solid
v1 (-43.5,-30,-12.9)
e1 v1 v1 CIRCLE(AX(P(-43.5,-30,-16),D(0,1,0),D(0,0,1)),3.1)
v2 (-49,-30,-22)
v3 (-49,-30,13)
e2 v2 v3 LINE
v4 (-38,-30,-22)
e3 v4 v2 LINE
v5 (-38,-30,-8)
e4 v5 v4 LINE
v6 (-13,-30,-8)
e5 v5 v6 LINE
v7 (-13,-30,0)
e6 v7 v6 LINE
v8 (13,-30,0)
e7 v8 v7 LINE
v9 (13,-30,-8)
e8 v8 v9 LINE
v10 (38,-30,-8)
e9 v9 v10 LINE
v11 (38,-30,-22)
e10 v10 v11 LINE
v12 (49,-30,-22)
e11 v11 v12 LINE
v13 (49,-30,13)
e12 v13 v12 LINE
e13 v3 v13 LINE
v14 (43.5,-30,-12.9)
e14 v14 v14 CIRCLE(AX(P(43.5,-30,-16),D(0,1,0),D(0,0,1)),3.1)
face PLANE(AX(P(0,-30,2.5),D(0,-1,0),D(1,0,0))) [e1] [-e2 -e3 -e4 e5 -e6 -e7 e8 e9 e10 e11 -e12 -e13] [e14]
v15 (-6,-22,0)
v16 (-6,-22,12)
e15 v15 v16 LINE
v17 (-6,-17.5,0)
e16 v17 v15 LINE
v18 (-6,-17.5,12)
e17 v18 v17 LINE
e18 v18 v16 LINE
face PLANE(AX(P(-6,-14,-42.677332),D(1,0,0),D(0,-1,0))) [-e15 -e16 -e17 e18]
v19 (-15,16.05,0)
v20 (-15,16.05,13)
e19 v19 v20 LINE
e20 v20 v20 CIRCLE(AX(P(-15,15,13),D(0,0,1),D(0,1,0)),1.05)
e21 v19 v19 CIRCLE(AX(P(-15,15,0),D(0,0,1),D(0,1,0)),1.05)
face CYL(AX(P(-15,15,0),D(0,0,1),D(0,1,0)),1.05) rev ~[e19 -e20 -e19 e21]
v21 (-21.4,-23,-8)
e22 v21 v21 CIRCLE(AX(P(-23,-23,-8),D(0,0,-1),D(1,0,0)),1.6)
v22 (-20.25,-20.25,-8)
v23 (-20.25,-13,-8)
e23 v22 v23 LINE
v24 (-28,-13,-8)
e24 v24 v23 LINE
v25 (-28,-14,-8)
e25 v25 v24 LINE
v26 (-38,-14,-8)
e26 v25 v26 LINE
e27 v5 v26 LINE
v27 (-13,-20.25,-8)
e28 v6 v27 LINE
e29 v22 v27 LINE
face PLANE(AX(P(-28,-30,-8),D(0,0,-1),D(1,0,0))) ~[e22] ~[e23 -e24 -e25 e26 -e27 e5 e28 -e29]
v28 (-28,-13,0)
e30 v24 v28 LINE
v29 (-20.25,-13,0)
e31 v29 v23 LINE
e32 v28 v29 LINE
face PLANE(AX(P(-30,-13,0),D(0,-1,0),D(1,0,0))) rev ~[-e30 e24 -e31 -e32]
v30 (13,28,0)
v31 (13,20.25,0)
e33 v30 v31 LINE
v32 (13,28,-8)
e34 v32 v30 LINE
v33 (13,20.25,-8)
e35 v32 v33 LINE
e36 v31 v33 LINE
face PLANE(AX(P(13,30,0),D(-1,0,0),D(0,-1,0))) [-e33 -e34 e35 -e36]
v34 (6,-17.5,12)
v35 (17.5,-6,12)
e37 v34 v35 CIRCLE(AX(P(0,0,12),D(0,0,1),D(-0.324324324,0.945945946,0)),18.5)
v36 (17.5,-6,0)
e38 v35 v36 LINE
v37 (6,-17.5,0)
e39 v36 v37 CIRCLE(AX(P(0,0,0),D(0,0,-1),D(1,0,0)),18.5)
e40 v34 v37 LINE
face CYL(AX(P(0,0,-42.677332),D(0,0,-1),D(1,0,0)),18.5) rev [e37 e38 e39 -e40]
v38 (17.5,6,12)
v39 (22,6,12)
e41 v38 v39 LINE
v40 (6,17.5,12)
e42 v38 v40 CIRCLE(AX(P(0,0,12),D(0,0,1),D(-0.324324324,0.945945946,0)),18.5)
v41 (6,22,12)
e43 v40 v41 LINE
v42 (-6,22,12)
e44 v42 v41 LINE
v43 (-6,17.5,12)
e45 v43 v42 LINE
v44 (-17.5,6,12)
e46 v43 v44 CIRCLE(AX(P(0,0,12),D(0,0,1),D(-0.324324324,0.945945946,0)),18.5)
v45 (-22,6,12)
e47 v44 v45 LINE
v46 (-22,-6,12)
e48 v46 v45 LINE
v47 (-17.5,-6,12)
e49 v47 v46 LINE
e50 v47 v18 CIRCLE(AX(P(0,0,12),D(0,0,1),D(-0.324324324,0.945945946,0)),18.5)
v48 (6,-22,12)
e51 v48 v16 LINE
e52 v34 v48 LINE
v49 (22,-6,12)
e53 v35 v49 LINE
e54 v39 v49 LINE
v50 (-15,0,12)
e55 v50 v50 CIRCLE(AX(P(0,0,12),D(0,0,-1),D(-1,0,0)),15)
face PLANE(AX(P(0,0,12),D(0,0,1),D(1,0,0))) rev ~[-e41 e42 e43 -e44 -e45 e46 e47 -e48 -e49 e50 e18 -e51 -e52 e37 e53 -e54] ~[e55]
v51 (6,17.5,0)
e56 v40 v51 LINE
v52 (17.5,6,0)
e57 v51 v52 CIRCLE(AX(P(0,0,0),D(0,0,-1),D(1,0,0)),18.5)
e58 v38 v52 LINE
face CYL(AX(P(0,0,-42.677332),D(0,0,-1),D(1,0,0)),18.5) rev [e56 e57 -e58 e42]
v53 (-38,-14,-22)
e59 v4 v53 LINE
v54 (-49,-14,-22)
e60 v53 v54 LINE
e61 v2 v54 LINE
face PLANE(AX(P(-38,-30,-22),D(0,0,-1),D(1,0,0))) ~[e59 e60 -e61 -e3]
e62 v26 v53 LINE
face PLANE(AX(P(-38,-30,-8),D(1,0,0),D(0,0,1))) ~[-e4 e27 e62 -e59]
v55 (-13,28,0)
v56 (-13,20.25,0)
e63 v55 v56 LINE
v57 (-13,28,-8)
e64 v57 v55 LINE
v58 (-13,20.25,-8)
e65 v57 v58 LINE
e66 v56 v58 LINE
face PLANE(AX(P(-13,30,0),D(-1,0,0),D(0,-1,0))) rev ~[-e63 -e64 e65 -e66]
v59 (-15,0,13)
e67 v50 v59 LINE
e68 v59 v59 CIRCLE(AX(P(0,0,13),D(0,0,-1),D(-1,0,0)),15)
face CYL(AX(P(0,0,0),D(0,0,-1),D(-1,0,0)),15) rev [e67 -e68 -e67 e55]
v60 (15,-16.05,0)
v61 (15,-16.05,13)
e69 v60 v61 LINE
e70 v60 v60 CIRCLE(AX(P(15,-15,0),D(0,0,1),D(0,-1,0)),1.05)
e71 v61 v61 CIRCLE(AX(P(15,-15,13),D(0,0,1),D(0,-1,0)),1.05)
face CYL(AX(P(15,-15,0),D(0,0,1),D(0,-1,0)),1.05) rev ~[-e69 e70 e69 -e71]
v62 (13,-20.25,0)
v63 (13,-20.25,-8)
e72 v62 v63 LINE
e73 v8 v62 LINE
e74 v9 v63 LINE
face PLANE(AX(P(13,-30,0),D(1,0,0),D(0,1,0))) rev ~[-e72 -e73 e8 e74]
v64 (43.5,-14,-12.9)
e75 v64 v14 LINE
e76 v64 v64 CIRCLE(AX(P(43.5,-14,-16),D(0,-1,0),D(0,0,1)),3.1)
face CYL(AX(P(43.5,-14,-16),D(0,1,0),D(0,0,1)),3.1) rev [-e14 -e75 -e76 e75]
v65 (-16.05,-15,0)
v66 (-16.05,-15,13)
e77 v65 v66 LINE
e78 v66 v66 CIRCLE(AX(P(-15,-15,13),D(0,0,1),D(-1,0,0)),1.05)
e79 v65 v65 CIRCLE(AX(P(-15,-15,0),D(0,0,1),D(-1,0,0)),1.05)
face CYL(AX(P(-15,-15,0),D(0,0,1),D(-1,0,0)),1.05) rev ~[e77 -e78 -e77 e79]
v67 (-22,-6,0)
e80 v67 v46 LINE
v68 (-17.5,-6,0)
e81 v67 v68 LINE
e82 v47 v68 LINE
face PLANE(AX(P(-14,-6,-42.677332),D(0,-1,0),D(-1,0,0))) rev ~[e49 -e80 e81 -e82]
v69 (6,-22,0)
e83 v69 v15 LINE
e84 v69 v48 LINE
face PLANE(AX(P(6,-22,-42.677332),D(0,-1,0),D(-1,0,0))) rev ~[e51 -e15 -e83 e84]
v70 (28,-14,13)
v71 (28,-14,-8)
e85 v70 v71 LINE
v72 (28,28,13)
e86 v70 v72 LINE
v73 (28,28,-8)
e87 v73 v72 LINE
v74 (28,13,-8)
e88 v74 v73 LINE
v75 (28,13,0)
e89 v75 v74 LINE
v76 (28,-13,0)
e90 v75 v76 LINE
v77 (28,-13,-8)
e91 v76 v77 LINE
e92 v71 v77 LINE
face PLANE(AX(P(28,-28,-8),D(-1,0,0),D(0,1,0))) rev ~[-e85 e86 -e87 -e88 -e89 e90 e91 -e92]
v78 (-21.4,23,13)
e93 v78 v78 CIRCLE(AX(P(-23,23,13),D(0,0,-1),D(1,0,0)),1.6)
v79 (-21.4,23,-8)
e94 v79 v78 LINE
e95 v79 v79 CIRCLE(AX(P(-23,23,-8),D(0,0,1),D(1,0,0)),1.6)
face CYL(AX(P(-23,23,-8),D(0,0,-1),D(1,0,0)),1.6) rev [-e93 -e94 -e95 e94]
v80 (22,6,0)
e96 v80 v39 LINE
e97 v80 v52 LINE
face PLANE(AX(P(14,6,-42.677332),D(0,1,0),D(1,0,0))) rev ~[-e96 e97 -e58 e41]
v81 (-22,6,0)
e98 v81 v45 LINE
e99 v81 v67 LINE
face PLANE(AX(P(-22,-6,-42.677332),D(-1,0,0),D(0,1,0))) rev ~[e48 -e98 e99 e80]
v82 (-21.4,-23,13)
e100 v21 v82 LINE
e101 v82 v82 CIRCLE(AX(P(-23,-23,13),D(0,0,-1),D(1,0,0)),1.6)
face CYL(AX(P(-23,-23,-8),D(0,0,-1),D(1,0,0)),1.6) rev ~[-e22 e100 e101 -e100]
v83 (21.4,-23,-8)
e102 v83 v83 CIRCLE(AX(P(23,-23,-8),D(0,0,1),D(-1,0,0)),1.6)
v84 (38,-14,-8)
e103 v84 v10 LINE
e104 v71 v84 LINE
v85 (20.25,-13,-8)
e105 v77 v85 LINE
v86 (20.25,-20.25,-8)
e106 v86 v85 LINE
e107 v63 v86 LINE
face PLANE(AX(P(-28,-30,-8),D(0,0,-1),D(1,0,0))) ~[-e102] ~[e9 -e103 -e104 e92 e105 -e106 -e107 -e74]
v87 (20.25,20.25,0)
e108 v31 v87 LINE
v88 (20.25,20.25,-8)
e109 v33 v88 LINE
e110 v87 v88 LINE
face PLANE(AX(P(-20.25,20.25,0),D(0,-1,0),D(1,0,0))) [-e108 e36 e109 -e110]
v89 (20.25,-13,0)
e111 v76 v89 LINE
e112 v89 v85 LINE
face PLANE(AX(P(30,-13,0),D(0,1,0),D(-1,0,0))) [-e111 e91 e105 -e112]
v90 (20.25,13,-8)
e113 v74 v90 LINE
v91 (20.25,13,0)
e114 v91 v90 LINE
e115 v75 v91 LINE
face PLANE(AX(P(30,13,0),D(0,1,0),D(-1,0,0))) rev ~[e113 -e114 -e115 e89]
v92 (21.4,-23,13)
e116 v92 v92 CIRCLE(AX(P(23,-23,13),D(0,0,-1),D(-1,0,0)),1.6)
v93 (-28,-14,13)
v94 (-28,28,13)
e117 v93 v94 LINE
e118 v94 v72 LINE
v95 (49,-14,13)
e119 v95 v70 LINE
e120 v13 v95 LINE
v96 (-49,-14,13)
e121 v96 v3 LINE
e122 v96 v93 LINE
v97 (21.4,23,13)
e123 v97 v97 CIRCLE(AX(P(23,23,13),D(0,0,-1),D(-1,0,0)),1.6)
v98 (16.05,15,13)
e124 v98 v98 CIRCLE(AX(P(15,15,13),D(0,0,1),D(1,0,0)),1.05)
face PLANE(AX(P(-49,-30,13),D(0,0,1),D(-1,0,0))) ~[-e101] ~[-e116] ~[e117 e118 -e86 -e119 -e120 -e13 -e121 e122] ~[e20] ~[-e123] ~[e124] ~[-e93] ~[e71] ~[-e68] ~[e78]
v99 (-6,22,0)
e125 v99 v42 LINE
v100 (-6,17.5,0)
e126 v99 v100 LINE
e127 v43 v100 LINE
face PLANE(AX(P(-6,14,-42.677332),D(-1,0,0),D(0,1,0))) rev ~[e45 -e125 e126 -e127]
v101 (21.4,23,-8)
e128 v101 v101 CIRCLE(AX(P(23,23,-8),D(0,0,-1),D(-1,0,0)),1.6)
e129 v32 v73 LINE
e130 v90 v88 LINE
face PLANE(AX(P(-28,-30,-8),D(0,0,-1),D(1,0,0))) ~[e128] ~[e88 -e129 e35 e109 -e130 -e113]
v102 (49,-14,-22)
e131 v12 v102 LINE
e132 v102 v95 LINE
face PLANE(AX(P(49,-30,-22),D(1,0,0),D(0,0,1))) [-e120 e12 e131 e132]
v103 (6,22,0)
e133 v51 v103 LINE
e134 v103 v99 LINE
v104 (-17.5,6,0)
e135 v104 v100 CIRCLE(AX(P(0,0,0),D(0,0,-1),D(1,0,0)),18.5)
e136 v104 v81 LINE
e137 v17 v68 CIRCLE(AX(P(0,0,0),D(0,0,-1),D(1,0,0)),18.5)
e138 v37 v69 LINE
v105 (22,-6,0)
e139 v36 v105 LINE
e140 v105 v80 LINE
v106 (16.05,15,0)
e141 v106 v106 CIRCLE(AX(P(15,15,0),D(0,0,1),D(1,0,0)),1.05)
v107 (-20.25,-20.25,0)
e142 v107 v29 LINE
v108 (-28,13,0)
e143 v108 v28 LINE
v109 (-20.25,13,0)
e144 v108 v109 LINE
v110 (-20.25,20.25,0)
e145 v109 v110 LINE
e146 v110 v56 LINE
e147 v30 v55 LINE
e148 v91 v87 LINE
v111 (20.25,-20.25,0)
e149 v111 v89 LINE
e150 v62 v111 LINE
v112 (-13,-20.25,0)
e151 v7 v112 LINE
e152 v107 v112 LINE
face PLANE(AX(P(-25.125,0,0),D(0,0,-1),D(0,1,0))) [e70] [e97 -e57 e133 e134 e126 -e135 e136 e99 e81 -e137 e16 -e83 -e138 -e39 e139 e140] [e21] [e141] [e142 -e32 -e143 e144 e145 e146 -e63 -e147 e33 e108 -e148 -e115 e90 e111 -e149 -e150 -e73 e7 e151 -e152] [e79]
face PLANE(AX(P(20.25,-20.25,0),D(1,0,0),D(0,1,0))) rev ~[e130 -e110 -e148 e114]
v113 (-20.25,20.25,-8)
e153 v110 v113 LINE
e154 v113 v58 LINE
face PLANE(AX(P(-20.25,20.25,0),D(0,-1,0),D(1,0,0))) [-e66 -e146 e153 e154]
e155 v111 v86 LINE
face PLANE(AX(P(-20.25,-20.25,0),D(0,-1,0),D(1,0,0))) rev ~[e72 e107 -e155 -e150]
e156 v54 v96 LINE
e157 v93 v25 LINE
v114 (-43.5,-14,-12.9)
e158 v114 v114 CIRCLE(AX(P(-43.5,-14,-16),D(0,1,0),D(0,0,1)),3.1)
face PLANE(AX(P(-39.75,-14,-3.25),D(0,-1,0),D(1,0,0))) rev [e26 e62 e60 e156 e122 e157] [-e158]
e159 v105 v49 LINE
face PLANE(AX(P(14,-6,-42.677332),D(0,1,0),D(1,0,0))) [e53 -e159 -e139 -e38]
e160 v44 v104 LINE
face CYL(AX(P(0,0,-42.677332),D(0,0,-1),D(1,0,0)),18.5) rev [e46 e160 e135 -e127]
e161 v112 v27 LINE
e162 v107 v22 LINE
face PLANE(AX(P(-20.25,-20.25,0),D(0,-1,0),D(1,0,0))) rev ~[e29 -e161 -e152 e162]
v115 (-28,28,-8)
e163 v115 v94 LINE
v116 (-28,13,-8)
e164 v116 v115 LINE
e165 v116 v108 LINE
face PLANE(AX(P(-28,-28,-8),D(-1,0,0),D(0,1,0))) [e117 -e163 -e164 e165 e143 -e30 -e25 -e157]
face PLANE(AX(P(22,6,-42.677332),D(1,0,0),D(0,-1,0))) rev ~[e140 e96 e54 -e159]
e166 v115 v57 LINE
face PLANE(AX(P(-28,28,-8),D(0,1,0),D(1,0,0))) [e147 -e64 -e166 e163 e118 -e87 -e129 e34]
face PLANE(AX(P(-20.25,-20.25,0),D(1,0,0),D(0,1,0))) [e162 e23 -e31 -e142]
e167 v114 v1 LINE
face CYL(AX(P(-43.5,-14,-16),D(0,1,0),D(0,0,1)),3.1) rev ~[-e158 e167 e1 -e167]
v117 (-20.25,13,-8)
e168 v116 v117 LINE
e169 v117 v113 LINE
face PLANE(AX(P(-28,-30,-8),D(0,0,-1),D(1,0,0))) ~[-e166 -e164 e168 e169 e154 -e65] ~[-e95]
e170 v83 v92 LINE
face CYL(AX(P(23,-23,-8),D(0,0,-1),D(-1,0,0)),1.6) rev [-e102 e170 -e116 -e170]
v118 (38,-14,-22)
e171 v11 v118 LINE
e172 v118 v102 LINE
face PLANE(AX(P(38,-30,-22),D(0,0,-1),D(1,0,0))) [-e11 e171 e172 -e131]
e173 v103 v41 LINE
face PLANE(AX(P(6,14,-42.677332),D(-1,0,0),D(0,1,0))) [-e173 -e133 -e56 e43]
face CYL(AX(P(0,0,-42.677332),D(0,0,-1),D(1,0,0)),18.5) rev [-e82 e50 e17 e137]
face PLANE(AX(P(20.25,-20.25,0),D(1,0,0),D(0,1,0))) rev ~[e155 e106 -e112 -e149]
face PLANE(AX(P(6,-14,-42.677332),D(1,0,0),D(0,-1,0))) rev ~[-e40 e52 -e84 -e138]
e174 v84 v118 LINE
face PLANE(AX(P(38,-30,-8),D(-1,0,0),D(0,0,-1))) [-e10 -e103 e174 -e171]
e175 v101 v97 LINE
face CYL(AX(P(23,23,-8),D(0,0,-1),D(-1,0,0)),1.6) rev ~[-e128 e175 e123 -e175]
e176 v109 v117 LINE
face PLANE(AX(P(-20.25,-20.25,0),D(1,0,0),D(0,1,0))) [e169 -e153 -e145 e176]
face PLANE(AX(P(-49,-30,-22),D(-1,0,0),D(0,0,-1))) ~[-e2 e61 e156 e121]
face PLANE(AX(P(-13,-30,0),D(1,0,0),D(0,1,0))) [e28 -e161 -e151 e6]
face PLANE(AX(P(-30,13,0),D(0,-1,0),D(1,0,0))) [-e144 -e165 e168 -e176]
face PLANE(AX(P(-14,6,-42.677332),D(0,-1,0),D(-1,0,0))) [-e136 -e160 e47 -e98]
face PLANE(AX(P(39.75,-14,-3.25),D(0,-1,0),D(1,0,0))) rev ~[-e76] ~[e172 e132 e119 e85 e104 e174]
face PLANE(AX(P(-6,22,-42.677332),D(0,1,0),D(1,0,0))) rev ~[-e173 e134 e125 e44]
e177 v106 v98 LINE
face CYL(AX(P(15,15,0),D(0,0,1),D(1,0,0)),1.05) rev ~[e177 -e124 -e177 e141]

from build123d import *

# Parameters (mm, degrees)
BOSS_EXTRUDE1_DEPTH      = 13
BOSS_EXTRUDE1_DEPTH_BACK = 8
SKETCH2_W                = 56
SKETCH2_H                = 56
CUT_EXTRUDE1_DEPTH       = 12
CUT_EXTRUDE1_DEPTH_BACK  = 42.677331968
SKETCH1_R                = 18.5
SKETCH4_R                = 15
CUT_EXTRUDE2_DEPTH       = 42.677331968
CUT_EXTRUDE3_START       = -42.677331968
SKETCH5_W                = 12
SKETCH5_H                = 8
CUT_EXTRUDE3_DEPTH       = 54.677331968
SKETCH6_W                = 40.5
SKETCH6_H                = 40.5
CUT_EXTRUDE4_DEPTH       = 42.677331968
SKETCH3_R                = 1.05
CUT_EXTRUDE5_DEPTH       = 42.677331968
CIRPATTERN1_COUNT        = 4
SKETCH7_W                = 98
SKETCH7_H                = 21
BOSS_EXTRUDE2_DEPTH      = 2
BOSS_EXTRUDE3_DEPTH      = 16
SKETCH9_R                = 3.1
CUT_EXTRUDE6_DEPTH       = 69.183575735
SKETCH10_W               = 26
SKETCH10_H               = 9.75
CUT_EXTRUDE7_DEPTH       = 62.522353661
SKETCH11_R               = 1.6
CUT_EXTRUDE8_DEPTH       = 62.171888969
MIRROR4_COPY_1_SKETCH_R  = 1.6
MIRROR4_COPY_1_DEPTH     = 62.171888969
CIRPATTERN2_COUNT        = 4
CIRPATTERN3_COUNT        = 4


with BuildPart() as part:
    # Sketch2 → Boss-Extrude1 (new, two sides: drawn at the far end of the back side and taken through both)
    with BuildSketch(Plane.XY.offset(-BOSS_EXTRUDE1_DEPTH_BACK)):
        Rectangle(SKETCH2_W, SKETCH2_H)
    extrude(amount=BOSS_EXTRUDE1_DEPTH + BOSS_EXTRUDE1_DEPTH_BACK)

    # Sketch1 → Cut-Extrude1 (cut, two sides: drawn at the far end of the back side and taken through both)
    with BuildSketch(Plane.XY.offset(-CUT_EXTRUDE1_DEPTH_BACK)):
        Circle(SKETCH1_R)
    extrude(amount=CUT_EXTRUDE1_DEPTH + CUT_EXTRUDE1_DEPTH_BACK, mode=Mode.SUBTRACT)

    # Sketch4 → Cut-Extrude2 (cut, through all)
    with BuildSketch(Plane.XY):
        with Locations(Location((0, 0, 0), (0, 0, 180))):
            Circle(SKETCH4_R)
    extrude(amount=CUT_EXTRUDE2_DEPTH, mode=Mode.SUBTRACT)

    # Sketch5 → Cut-Extrude3 (cut)
    with BuildSketch(Plane.XY.offset(CUT_EXTRUDE3_START)):
        with Locations((0, 18)):
            Rectangle(SKETCH5_W, SKETCH5_H)
    cut_extrude3 = extrude(amount=CUT_EXTRUDE3_DEPTH, mode=Mode.SUBTRACT)

    # Sketch6 → Cut-Extrude4 (cut, through all)
    with BuildSketch(Plane.XY):
        Rectangle(SKETCH6_W, SKETCH6_H)
    extrude(amount=-CUT_EXTRUDE4_DEPTH, mode=Mode.SUBTRACT)

    # Sketch3 → Cut-Extrude5 (cut, symmetric)
    with BuildSketch(Plane.XY):
        with Locations((15, 15)):
            Circle(SKETCH3_R)
    cut_extrude5 = extrude(amount=CUT_EXTRUDE5_DEPTH, both=True, mode=Mode.SUBTRACT)

    # CirPattern1: Cut-Extrude5 ×4 about axis
    cirpattern1_axis = Axis((0, 0, 0), (0, 0, 1))
    for i in range(1, CIRPATTERN1_COUNT):
        add(cut_extrude5.rotate(cirpattern1_axis, i * 360 / CIRPATTERN1_COUNT), mode=Mode.SUBTRACT)

    # Sketch7 → Boss-Extrude2 (add)
    with BuildSketch(Plane.XZ.offset(28)):
        with Locations((0, 2.5)):
            Rectangle(SKETCH7_W, SKETCH7_H)
    extrude(amount=BOSS_EXTRUDE2_DEPTH)

    # Sketch8 → Boss-Extrude3 (add)
    with BuildSketch(Plane.XZ.offset(30)):
        Polygon((49, 13), (39, 13), (28, 13), (28, -8), (38, -8), (38, -22), (49, -22), align=None)
    boss_extrude3 = extrude(amount=-BOSS_EXTRUDE3_DEPTH)

    # Mirror1: Boss-Extrude3 across plane
    add(boss_extrude3.mirror(Plane(origin=(0, 0, 0), x_dir=(0, 0, 1), z_dir=(1, 0, 0))))

    # Sketch9 → Cut-Extrude6 (cut, through all)
    with BuildSketch(Plane(origin=(0, -14, 0), x_dir=(1, 0, 0), z_dir=(0, 1, 0))):
        with Locations(Location((-43.5, 16, 0), (0, 0, 270))):
            Circle(SKETCH9_R)
    cut_extrude6 = extrude(amount=-CUT_EXTRUDE6_DEPTH, mode=Mode.SUBTRACT)

    # Mirror2: Cut-Extrude6 across plane
    add(cut_extrude6.mirror(Plane(origin=(0, 0, 0), x_dir=(0, 0, 1), z_dir=(1, 0, 0))), mode=Mode.SUBTRACT)

    # Sketch10 → Cut-Extrude7 (cut, through all)
    with BuildSketch(Plane(origin=(0, 0, 0), x_dir=(-1, 0, 0), z_dir=(0, 0, -1))):
        with Locations((0, -25.125)):
            Rectangle(SKETCH10_W, SKETCH10_H)
    cut_extrude7 = extrude(amount=CUT_EXTRUDE7_DEPTH, mode=Mode.SUBTRACT)

    # Sketch11 → Cut-Extrude8 (cut, through all)
    with BuildSketch(Plane(origin=(0, 0, -8), x_dir=(-1, 0, 0), z_dir=(0, 0, -1))):
        with Locations((-23, 23)):
            Circle(SKETCH11_R)
    cut_extrude8 = extrude(amount=-CUT_EXTRUDE8_DEPTH, mode=Mode.SUBTRACT)

    # Mirror3: Cut-Extrude8 across plane
    add(cut_extrude8.mirror(Plane.ZX), mode=Mode.SUBTRACT)

    # Mirror4: Cut-Extrude8 across plane
    add(cut_extrude8.mirror(Plane(origin=(0, 0, 0), x_dir=(0, 0, 1), z_dir=(1, 0, 0))), mode=Mode.SUBTRACT)

    # Mirror4 copy 1 sketch → Mirror4 copy 1 (cut, through all)
    with BuildSketch(Plane(origin=(0, 0, -8), x_dir=(1, 0, 0), z_dir=(0, 0, -1))):
        with Locations((-23, 23)):
            Circle(MIRROR4_COPY_1_SKETCH_R)
    extrude(amount=-MIRROR4_COPY_1_DEPTH, mode=Mode.SUBTRACT)

    # CirPattern2: Cut-Extrude3 ×4 about axis
    cirpattern2_axis = Axis((0, 0, 0), (0, 0, 1))
    for i in range(1, CIRPATTERN2_COUNT):
        add(cut_extrude3.rotate(cirpattern2_axis, i * 360 / CIRPATTERN2_COUNT), mode=Mode.SUBTRACT)

    # CirPattern3: Cut-Extrude7 ×4 about axis
    cirpattern3_axis = Axis((0, 0, 0), (0, 0, 1))
    for i in range(1, CIRPATTERN3_COUNT):
        add(cut_extrude7.rotate(cirpattern3_axis, i * 360 / CIRPATTERN3_COUNT), mode=Mode.SUBTRACT)


solid = part.part
